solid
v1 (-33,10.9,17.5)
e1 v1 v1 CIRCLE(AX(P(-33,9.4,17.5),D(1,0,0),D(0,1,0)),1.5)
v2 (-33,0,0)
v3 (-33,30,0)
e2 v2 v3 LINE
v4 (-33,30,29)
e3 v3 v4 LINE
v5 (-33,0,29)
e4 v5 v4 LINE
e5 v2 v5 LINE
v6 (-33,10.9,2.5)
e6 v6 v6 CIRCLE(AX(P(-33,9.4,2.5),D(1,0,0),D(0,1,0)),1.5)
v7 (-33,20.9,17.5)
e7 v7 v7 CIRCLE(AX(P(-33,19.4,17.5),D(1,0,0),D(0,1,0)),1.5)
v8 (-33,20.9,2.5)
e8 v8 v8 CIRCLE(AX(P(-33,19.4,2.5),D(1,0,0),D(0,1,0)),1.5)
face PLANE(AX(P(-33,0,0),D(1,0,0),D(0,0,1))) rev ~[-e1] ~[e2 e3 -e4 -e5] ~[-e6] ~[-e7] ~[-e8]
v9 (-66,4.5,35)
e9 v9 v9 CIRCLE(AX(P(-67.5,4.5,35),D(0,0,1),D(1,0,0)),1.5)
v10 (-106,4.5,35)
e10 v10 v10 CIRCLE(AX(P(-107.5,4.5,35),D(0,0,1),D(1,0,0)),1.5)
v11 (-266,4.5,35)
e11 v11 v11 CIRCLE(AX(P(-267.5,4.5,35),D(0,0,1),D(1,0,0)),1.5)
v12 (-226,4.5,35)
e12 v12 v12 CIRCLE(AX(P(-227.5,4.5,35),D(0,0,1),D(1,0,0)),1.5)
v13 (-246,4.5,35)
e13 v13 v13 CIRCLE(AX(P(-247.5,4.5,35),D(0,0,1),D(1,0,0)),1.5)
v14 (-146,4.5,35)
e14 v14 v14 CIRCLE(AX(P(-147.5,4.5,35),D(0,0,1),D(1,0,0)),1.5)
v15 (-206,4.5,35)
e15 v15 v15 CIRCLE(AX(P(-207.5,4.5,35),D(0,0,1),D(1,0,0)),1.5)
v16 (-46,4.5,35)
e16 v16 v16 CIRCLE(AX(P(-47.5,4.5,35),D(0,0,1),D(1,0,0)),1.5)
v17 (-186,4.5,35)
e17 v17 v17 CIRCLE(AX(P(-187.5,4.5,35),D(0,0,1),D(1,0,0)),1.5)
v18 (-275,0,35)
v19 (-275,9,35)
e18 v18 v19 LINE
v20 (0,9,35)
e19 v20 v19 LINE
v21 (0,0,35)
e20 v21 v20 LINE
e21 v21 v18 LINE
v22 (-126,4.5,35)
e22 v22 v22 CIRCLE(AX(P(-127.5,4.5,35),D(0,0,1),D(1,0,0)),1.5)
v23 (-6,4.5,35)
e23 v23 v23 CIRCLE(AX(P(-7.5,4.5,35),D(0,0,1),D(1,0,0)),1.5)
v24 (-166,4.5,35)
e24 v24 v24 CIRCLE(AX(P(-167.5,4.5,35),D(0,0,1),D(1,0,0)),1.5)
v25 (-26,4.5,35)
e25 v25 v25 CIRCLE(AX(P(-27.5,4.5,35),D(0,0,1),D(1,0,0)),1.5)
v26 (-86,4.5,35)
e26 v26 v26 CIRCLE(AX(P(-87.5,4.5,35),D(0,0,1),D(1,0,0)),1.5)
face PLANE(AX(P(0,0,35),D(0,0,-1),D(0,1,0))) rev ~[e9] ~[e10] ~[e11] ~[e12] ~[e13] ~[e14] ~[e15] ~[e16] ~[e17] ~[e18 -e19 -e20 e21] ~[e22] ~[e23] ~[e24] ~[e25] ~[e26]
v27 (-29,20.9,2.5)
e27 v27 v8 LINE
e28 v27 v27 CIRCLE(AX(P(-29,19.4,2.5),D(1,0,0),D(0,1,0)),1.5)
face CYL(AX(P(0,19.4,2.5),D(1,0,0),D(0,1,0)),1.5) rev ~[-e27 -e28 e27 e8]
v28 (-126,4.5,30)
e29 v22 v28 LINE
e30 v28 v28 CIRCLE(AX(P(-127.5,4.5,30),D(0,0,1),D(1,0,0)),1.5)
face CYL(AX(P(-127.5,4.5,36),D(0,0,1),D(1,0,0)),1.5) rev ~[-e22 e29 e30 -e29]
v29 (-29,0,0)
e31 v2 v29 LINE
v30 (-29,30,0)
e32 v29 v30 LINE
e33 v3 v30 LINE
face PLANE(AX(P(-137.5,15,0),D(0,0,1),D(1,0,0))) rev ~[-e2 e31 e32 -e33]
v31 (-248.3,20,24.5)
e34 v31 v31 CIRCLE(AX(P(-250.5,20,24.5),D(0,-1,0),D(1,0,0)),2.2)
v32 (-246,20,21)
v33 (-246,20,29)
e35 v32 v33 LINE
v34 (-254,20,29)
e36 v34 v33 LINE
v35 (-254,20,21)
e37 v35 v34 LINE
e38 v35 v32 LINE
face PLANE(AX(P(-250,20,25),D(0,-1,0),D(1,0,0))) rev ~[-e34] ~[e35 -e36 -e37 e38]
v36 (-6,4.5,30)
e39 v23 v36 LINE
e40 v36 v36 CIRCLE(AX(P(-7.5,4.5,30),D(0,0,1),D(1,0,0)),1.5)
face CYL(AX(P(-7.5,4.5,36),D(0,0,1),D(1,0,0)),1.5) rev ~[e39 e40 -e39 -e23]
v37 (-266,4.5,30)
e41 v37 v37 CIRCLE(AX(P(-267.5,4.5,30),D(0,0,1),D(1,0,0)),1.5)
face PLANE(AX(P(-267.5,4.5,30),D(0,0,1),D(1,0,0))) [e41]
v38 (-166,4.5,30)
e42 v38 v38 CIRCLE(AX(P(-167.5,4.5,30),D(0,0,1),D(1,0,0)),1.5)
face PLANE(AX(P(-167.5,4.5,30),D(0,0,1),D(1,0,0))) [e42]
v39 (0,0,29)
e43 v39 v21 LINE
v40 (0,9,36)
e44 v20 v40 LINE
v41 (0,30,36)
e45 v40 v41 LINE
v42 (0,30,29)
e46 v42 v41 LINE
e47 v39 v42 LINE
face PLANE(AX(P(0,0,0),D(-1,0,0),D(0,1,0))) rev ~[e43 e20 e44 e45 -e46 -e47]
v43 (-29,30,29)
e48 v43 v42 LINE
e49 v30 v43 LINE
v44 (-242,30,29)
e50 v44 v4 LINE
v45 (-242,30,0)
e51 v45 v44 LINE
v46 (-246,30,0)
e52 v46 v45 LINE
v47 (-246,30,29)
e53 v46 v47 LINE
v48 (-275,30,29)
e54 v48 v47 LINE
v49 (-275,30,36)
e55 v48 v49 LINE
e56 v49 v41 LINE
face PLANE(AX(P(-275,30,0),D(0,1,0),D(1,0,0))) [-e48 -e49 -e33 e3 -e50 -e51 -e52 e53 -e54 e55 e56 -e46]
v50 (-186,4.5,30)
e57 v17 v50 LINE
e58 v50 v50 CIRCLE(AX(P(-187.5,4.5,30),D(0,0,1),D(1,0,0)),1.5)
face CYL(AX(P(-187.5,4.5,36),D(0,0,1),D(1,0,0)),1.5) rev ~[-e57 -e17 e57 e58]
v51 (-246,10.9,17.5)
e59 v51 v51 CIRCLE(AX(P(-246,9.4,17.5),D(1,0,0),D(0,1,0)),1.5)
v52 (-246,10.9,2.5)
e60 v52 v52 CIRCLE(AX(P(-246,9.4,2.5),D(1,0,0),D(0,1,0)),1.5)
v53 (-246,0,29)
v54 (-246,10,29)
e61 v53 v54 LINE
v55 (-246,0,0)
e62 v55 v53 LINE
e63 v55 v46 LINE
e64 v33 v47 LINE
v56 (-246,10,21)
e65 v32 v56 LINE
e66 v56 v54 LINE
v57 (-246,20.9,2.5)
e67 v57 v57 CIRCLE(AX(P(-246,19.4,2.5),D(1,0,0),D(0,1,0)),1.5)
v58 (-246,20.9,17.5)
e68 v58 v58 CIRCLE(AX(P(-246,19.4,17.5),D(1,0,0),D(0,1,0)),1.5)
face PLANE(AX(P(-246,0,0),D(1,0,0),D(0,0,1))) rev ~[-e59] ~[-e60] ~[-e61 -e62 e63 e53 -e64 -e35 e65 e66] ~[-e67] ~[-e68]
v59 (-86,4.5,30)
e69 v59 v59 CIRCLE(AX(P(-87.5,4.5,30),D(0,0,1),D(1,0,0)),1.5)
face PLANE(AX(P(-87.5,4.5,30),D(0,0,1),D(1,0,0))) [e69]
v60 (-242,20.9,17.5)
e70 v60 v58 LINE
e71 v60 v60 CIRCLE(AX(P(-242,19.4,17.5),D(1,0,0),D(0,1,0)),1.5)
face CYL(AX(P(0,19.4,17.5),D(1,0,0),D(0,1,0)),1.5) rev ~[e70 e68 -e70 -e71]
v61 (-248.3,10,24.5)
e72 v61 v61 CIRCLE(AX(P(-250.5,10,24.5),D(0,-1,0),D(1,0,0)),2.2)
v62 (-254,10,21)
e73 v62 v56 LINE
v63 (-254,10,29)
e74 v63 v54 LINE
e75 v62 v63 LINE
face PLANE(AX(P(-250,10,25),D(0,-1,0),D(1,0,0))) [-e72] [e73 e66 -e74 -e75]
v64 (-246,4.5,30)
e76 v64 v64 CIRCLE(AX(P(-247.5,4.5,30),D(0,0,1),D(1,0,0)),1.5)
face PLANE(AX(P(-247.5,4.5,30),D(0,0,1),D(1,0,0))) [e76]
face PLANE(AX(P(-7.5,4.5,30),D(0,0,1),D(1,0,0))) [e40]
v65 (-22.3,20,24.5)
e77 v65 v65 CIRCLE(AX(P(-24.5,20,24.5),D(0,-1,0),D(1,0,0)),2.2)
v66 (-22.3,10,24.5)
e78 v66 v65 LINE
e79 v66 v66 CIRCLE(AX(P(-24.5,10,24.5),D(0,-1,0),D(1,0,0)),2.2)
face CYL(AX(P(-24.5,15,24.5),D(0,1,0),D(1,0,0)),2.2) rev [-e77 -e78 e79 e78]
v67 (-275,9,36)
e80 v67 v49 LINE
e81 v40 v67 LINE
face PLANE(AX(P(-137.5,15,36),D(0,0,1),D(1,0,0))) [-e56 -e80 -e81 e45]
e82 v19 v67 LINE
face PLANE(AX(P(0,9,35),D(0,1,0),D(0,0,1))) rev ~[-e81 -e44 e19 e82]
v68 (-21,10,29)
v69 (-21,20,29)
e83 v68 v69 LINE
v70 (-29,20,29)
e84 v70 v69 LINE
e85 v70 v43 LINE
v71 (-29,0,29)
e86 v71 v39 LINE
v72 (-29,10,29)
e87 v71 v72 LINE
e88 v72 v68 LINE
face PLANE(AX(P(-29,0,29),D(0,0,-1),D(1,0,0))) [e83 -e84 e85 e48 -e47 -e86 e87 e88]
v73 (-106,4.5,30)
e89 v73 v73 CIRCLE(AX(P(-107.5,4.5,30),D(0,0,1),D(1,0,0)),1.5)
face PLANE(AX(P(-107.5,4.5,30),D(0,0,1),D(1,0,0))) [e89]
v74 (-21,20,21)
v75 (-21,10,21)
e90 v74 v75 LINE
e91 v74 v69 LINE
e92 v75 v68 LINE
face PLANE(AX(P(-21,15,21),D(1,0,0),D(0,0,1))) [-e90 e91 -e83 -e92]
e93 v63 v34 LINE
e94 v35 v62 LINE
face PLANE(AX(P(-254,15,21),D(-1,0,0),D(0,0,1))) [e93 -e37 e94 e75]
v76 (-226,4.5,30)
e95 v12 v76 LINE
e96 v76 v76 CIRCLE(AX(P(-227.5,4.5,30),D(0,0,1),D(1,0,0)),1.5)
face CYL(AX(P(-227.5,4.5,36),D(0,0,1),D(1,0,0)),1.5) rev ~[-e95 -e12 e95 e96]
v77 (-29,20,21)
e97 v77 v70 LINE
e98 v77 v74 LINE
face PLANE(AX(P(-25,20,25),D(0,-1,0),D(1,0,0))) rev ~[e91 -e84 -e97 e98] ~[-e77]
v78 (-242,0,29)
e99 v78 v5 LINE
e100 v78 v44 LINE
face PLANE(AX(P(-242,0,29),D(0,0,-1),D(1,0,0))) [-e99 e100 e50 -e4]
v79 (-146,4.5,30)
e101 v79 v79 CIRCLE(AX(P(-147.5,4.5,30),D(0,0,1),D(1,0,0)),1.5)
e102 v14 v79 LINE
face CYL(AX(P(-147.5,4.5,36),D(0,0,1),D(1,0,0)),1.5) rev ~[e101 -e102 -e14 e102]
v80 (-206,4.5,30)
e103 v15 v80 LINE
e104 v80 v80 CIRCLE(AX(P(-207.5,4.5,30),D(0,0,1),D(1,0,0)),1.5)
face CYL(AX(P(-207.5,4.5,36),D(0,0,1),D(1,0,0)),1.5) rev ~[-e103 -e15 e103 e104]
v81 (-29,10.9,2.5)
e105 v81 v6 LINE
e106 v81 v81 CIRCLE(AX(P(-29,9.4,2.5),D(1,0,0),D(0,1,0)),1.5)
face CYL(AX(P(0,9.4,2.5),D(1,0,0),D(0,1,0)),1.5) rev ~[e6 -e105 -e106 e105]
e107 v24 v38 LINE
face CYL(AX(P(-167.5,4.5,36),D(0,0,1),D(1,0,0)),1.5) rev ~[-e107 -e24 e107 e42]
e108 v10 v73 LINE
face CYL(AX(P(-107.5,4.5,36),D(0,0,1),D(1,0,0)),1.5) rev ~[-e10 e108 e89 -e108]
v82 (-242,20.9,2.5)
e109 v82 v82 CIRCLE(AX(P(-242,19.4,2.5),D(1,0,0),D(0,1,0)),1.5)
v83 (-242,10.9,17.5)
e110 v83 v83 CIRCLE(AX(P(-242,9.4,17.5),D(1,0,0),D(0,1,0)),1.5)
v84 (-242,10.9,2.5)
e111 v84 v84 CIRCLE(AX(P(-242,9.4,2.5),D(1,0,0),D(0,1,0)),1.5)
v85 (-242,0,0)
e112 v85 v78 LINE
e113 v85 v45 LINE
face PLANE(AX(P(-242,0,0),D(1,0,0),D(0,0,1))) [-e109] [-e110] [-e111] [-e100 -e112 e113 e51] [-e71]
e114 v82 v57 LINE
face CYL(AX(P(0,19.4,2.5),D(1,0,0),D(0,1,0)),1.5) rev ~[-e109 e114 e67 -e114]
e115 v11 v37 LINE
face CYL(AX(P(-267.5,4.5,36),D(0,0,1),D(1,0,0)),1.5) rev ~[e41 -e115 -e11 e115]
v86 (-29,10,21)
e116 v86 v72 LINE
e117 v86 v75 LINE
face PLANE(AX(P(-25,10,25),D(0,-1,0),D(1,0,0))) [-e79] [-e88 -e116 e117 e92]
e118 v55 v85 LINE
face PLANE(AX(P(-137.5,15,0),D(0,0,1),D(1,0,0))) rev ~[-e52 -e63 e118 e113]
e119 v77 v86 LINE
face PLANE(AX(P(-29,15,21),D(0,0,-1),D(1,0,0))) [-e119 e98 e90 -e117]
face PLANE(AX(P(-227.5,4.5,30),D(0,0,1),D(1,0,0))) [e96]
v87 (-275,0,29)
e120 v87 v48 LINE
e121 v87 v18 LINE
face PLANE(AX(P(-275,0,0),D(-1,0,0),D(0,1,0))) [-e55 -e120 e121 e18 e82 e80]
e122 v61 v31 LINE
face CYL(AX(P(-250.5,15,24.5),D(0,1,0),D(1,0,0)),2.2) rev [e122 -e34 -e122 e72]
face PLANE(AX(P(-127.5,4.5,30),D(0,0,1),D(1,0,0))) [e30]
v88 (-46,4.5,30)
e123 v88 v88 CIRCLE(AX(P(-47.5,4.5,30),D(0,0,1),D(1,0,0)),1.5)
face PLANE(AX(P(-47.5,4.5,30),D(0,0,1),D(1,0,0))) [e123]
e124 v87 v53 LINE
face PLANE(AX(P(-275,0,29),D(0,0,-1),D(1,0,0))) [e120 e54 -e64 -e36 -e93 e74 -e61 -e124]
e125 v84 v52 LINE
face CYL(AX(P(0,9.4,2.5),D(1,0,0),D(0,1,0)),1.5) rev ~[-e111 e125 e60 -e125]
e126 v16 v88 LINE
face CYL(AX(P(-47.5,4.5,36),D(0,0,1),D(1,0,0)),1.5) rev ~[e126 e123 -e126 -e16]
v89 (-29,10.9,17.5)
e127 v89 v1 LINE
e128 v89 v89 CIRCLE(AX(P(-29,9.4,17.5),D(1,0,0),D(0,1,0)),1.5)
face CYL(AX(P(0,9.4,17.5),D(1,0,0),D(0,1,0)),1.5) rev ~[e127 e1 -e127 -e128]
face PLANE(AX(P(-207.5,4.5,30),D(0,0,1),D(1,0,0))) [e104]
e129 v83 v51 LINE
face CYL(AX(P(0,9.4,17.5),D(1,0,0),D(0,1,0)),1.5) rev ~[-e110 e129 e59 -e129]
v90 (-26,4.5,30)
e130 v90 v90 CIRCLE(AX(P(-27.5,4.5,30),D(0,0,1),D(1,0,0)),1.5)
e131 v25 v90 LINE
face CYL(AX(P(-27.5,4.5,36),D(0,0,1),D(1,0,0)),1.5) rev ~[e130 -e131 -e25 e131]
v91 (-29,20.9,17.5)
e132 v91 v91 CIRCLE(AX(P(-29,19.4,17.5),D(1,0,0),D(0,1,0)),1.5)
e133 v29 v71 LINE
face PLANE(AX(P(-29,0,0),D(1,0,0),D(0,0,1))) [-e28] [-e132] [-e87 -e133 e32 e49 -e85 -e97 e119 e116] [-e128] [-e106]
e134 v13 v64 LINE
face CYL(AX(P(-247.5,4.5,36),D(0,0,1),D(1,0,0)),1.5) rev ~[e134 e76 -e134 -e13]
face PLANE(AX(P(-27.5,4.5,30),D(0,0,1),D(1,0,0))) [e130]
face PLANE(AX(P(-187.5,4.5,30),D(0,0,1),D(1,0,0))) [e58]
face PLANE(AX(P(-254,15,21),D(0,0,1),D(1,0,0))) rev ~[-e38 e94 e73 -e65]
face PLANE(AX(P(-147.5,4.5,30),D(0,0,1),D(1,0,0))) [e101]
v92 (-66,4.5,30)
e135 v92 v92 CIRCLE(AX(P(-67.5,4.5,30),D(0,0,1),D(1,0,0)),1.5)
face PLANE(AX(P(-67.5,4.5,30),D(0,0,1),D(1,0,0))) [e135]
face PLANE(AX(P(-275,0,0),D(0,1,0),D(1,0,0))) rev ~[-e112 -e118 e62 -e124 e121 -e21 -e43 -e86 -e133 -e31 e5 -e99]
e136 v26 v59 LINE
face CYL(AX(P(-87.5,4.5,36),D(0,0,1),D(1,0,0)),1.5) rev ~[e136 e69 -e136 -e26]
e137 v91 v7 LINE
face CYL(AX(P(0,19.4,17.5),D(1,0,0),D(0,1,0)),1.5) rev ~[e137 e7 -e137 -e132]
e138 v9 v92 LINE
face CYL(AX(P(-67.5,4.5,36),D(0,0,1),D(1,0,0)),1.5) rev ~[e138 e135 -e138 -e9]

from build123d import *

# Parameters (mm, degrees)
SKETCH007_W            = 275
SKETCH007_H            = 30
PAD003_DEPTH           = 36
SKETCH008_W            = 9
SKETCH008_H            = 1
POCKET004_DEPTH        = 275
SKETCH009_R            = 1.5
POCKET005_DEPTH        = 6
LINEARPATTERN001_COUNT = 14
LINEARPATTERN001_PITCH = 20
SKETCH017_W            = 29
SKETCH017_H            = 29
SKETCH017_W_2          = 209
POCKET010_DEPTH        = 30
SKETCH018_R            = 1.5
POCKET011_DEPTH        = 275
SKETCH062_W            = 8
SKETCH062_H            = 8
SKETCH062_R            = 2.2
PAD020_DEPTH           = 5


with BuildPart() as part:
    # Sketch007 → Pad003 (new body)
    with BuildSketch(Plane.XY):
        with Locations((-137.5, 15)):
            Rectangle(SKETCH007_W, SKETCH007_H)
    extrude(amount=PAD003_DEPTH)

    # Sketch008 (on Face2 of Pad003) → Pocket004 (cut)
    with BuildSketch(Plane.YZ):
        with Locations((4.5, 35.5)):
            Rectangle(SKETCH008_W, SKETCH008_H)
    extrude(amount=-POCKET004_DEPTH, mode=Mode.SUBTRACT)

    # Sketch009 (on Face5 of Pocket004) → Pocket005 (cut)
    with BuildSketch(Plane.XY.offset(36)):
        with Locations((-7.5, 4.5)):
            Circle(SKETCH009_R)
    pocket005 = extrude(amount=-POCKET005_DEPTH, mode=Mode.SUBTRACT)

    # LinearPattern001: Pocket005 ×14
    with Locations(*[(-i * LINEARPATTERN001_PITCH, 0, 0) for i in range(1, LINEARPATTERN001_COUNT)]):
        add(pocket005, mode=Mode.SUBTRACT)

    # Sketch017 → Pocket010 (cut)
    with BuildSketch(Plane.XZ):
        with Locations((-14.5, 14.5)):
            Rectangle(SKETCH017_W, SKETCH017_H)
        with Locations((-260.5, 14.5)):
            Rectangle(SKETCH017_W, SKETCH017_H)
        with Locations((-137.5, 14.5)):
            Rectangle(SKETCH017_W_2, SKETCH017_H)
    extrude(amount=-POCKET010_DEPTH, mode=Mode.SUBTRACT)

    # Sketch018 → Pocket011 (cut)
    with BuildSketch(Plane.YZ):
        with Locations((9.4, 17.5)):
            Circle(SKETCH018_R)
        with Locations((19.4, 17.5)):
            Circle(SKETCH018_R)
        with Locations((9.4, 2.5)):
            Circle(SKETCH018_R)
        with Locations((19.4, 2.5)):
            Circle(SKETCH018_R)
    extrude(amount=-POCKET011_DEPTH, mode=Mode.SUBTRACT)

    # Sketch062 → Pad020 (join, symmetric)
    with BuildSketch(Plane.XZ.offset(-15)):
        with Locations((-250, 25)):
            Rectangle(SKETCH062_W, SKETCH062_H)
        with Locations((-250.5, 24.5)):
            Circle(SKETCH062_R, mode=Mode.SUBTRACT)
        with Locations((-25, 25)):
            Rectangle(SKETCH062_W, SKETCH062_H)
        with Locations((-24.5, 24.5)):
            Circle(SKETCH062_R, mode=Mode.SUBTRACT)
    extrude(amount=PAD020_DEPTH, both=True)


solid = part.part
